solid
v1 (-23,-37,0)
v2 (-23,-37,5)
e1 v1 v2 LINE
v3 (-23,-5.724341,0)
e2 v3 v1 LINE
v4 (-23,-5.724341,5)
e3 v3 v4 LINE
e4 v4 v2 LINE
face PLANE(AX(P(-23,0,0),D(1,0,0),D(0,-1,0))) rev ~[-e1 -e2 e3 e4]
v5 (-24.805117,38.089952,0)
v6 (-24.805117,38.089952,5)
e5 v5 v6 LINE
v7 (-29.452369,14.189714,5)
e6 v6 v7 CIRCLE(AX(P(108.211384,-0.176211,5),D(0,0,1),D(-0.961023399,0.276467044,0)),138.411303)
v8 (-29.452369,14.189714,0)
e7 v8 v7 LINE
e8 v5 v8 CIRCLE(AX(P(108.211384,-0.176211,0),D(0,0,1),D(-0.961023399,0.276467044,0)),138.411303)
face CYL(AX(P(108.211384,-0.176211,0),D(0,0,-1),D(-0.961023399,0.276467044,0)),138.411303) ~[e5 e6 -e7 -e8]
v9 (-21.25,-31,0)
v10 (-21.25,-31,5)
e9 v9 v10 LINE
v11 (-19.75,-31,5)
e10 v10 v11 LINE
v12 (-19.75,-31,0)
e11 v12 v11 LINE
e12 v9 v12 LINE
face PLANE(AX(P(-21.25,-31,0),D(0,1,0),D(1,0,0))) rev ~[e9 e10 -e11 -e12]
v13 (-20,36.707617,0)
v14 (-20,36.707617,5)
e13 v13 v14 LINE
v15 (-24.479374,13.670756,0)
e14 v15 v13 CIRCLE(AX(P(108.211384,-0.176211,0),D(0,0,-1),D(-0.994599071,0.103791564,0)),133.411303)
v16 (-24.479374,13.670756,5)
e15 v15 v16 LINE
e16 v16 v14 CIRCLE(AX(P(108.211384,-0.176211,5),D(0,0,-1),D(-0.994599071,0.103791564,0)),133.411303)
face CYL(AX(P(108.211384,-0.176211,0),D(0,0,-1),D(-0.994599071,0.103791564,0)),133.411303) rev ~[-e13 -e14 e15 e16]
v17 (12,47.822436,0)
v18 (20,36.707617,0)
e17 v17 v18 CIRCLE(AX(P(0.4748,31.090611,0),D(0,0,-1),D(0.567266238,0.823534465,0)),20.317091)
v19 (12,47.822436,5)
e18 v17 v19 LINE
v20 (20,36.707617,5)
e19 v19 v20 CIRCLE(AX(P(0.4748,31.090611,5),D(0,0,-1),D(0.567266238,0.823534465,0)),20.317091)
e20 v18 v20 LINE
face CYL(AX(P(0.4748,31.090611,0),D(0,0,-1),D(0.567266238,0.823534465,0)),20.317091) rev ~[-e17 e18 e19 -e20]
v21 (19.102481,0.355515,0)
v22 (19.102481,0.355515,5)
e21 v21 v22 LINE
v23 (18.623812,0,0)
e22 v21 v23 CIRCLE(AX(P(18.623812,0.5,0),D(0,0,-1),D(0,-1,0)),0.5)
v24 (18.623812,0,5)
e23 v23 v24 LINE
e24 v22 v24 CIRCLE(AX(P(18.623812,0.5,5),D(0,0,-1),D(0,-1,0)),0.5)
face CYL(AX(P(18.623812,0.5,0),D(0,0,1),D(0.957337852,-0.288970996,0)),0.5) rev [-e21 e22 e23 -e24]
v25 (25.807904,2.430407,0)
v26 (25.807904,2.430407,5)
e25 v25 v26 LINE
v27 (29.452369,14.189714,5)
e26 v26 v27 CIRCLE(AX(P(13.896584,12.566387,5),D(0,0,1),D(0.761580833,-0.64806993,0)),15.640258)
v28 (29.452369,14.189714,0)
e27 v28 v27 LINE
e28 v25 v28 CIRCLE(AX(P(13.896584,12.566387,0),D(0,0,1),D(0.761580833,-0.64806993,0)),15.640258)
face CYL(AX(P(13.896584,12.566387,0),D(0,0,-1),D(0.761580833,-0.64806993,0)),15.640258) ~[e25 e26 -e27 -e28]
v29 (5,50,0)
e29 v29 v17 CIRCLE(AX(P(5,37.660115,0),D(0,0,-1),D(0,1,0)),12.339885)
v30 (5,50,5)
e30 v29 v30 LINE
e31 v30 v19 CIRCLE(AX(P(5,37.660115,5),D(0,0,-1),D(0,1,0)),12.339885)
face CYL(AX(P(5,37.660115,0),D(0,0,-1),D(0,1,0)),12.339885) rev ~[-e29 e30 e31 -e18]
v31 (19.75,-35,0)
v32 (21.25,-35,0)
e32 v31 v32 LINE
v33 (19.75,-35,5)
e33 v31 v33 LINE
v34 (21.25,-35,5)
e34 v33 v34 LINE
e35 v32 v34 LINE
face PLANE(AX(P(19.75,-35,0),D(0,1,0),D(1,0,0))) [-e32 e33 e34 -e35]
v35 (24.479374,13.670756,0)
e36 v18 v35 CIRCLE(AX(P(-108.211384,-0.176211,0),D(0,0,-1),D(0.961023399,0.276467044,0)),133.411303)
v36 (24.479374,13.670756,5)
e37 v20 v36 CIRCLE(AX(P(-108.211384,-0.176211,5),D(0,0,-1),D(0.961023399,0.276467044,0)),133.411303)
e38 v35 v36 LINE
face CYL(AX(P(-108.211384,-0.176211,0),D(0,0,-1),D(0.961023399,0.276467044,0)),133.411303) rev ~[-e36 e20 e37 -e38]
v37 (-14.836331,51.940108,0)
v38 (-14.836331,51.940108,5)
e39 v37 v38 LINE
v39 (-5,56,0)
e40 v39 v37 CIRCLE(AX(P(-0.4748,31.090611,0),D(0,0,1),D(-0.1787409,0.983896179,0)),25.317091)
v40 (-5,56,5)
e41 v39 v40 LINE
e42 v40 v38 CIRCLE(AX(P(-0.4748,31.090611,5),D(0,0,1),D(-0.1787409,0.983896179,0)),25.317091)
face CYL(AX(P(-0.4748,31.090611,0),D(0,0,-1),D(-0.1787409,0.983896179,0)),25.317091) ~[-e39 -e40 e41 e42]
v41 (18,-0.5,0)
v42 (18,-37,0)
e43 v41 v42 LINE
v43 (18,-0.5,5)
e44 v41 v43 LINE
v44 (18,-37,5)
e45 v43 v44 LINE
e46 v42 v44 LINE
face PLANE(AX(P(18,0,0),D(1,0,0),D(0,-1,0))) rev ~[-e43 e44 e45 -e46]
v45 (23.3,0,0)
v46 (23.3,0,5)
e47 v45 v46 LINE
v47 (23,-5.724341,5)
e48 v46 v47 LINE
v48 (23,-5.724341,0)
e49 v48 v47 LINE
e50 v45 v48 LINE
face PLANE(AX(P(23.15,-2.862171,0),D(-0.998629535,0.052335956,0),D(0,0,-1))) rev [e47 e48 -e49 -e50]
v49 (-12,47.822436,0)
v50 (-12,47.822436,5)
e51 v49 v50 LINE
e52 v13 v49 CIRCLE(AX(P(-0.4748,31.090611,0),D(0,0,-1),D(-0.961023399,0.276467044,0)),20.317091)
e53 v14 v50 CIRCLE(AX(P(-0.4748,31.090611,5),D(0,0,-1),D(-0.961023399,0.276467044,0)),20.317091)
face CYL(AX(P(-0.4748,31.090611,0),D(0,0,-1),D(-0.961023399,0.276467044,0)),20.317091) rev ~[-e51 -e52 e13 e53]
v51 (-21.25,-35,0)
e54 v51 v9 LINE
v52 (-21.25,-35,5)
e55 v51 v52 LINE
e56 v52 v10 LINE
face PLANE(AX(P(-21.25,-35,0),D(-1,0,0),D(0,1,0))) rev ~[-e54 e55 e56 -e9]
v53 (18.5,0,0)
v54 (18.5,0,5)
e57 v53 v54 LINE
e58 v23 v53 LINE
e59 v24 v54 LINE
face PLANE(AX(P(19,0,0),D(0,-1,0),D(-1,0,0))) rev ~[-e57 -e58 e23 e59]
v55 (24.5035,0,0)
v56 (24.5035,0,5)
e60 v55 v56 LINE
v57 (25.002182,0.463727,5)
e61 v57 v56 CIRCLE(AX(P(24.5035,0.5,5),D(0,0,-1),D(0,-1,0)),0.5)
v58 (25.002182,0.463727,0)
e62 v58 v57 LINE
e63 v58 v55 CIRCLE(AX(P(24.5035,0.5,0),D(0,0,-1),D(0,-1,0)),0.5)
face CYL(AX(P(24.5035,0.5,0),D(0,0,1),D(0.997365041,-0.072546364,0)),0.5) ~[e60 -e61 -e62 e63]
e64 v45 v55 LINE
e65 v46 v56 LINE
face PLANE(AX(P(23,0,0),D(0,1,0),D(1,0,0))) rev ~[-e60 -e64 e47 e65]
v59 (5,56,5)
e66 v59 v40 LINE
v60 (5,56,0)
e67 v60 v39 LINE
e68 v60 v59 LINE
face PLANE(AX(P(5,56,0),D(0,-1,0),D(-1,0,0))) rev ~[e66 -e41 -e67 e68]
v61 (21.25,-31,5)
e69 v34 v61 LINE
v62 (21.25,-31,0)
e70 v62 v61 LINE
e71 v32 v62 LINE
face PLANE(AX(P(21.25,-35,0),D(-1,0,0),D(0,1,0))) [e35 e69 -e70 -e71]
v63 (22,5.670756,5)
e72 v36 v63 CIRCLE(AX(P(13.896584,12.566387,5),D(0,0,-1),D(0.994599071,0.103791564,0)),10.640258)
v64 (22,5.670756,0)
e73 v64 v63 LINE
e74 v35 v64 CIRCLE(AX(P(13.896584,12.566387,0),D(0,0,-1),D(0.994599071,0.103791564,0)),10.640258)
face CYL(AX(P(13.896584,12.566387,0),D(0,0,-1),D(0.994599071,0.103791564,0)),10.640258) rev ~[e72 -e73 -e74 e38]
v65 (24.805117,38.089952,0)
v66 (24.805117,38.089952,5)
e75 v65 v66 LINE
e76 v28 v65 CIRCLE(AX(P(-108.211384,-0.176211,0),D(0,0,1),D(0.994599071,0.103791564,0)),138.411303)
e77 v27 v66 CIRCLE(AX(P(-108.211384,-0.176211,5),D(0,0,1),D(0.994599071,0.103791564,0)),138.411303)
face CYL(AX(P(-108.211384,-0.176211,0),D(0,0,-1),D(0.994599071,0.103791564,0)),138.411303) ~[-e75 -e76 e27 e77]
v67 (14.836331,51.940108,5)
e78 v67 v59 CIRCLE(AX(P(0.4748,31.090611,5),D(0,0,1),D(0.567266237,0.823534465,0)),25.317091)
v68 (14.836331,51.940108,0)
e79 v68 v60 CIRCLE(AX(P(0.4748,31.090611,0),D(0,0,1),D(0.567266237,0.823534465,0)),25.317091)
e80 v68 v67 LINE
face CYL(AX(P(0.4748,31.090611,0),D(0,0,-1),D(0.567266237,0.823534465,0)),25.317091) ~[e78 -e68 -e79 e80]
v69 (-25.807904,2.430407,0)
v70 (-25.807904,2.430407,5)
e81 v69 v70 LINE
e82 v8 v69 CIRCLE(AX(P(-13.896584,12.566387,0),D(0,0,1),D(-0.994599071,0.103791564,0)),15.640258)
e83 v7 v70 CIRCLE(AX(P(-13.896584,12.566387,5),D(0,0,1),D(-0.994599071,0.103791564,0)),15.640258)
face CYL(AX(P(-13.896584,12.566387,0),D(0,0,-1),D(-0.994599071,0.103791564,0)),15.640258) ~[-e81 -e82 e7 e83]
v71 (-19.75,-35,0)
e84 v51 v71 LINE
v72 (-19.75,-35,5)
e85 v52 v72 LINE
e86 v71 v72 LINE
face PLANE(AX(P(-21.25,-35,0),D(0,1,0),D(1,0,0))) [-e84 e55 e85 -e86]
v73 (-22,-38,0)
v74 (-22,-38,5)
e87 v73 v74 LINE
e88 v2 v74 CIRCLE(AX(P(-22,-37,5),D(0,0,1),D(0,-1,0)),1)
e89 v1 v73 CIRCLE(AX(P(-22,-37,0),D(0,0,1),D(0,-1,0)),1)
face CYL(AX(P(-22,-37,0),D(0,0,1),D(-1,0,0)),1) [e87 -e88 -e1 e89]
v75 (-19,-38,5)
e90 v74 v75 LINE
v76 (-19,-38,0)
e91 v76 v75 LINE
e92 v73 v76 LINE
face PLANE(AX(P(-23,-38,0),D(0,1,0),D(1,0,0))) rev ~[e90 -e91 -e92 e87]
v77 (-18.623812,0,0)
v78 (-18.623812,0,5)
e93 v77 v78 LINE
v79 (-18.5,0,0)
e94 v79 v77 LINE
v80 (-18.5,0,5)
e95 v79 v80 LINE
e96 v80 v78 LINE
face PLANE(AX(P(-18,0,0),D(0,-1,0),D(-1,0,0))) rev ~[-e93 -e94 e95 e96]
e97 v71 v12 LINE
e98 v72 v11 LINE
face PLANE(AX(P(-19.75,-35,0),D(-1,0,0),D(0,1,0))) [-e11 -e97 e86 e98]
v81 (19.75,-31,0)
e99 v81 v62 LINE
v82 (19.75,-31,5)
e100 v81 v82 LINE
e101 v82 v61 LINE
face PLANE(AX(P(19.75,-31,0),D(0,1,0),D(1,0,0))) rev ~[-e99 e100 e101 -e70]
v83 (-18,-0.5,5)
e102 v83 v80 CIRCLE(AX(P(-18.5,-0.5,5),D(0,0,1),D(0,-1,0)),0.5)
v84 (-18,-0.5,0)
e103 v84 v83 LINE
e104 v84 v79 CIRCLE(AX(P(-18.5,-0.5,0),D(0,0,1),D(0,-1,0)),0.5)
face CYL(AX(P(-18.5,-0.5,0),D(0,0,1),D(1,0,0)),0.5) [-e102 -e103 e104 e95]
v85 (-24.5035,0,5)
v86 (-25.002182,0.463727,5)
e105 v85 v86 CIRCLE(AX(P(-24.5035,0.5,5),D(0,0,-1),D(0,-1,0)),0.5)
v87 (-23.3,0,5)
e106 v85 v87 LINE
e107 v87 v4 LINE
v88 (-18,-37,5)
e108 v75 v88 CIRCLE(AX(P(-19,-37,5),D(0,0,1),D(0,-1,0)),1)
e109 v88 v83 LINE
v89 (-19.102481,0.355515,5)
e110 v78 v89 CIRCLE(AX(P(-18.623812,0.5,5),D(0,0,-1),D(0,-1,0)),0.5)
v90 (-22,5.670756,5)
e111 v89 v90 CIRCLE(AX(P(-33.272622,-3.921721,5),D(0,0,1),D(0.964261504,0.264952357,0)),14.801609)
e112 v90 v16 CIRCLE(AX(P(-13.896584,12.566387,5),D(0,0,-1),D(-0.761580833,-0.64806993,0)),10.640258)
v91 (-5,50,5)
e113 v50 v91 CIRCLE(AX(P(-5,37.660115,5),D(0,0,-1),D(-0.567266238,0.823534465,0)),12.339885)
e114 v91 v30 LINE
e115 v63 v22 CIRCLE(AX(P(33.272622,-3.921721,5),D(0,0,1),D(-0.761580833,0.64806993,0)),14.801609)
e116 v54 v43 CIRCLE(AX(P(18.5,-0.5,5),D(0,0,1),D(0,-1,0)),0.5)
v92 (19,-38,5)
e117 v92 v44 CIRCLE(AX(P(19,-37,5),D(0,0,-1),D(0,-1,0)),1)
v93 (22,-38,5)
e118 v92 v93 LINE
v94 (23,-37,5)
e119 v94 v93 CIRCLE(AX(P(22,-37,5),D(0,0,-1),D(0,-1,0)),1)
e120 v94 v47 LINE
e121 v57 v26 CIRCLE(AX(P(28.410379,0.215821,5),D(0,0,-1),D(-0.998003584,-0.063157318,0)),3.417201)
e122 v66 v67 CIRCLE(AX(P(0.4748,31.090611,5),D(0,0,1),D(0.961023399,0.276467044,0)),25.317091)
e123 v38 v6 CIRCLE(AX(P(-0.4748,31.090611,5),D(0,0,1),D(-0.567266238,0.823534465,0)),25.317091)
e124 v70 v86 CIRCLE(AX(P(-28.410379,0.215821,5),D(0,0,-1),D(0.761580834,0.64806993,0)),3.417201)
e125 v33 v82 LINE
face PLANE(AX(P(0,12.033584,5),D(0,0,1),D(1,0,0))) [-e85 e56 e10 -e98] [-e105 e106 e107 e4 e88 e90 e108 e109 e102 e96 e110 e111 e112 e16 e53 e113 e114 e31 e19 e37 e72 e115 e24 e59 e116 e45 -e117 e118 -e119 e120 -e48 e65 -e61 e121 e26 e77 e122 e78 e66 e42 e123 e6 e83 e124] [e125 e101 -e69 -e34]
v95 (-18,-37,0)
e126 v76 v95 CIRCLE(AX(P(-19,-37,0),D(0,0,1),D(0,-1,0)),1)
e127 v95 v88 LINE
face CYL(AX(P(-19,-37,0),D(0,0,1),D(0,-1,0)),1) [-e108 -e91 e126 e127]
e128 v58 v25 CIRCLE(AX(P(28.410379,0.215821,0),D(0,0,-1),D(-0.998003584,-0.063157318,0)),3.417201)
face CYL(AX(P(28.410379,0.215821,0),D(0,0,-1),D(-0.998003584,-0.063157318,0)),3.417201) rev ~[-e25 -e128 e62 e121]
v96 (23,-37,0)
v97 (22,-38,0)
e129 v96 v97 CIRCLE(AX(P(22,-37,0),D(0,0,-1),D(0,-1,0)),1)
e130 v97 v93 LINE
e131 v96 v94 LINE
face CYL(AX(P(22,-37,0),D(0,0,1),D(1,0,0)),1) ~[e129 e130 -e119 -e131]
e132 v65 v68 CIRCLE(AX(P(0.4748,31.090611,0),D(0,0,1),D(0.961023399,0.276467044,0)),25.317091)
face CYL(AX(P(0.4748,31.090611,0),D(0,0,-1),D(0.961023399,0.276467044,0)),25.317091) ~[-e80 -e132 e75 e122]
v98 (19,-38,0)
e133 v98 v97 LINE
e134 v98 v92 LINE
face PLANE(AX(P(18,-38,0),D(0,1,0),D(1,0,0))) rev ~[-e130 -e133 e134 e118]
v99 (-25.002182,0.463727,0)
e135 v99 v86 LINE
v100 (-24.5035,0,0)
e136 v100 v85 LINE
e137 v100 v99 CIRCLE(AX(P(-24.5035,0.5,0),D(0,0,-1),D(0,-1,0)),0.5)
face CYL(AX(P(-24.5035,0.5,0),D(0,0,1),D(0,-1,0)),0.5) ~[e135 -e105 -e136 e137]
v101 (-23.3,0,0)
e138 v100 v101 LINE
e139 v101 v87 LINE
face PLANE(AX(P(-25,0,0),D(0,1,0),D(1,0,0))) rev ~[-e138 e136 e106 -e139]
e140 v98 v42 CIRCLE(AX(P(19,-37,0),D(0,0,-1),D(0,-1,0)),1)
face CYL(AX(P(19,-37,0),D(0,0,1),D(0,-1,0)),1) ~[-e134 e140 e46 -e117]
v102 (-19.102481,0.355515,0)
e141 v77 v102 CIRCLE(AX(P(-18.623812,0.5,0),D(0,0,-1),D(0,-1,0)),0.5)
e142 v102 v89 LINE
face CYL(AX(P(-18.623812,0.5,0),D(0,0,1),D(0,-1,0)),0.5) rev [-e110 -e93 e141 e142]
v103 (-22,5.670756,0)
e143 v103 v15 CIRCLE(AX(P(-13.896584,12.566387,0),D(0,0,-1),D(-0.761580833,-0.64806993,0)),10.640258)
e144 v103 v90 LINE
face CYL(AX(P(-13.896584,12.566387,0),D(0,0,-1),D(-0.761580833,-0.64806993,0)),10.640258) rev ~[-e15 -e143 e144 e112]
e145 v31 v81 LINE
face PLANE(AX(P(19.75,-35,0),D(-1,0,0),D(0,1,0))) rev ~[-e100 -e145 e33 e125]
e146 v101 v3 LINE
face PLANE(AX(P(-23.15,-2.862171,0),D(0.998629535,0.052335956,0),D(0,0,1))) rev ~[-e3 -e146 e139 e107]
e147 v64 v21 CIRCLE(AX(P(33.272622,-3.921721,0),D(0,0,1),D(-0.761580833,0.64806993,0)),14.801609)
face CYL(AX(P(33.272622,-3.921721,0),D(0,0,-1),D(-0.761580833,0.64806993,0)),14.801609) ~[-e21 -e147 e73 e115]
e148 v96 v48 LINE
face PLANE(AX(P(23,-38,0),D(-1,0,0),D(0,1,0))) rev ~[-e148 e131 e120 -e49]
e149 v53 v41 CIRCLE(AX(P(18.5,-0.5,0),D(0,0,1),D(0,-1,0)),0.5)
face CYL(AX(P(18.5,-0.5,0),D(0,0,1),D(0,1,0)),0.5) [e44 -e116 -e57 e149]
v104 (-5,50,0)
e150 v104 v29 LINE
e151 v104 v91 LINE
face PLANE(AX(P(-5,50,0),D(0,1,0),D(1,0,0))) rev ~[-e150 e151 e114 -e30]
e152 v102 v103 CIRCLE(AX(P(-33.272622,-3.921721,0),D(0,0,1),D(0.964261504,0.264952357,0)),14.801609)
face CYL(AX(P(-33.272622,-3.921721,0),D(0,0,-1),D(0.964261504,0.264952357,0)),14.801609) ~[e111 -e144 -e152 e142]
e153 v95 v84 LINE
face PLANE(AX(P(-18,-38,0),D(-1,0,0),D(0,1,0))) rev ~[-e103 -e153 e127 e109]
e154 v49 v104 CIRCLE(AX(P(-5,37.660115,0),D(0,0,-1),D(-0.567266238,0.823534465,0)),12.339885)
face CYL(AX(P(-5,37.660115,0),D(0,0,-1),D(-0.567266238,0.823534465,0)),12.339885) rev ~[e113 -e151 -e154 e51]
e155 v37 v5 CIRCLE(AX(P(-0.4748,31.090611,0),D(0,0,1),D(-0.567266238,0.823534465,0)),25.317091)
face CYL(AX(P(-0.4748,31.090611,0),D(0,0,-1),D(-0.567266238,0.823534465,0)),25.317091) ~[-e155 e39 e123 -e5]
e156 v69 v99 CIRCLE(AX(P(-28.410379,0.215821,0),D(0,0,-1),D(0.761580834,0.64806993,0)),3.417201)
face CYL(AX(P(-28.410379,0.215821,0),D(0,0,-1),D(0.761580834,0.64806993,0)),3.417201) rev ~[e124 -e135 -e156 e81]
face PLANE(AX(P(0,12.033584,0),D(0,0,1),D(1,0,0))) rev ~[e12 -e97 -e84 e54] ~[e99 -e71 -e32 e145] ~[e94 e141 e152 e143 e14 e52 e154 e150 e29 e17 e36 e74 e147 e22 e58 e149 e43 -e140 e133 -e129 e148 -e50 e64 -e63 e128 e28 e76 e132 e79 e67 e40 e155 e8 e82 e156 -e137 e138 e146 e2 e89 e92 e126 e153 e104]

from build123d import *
from OCP.BRepFilletAPI import BRepFilletAPI_MakeChamfer

# Parameters (mm, degrees)
SKETCH1_W           = 1.5
SKETCH1_H           = 4
BOSS_EXTRUDE2_DEPTH = 5
FILLET1_R           = 0.5
CHAMFER1_SIZE       = 0.3
CHAMFER1_SIZE2      = 5.724341006
FILLET2_R           = 1


with BuildPart() as part:
    # Sketch1 → Boss-Extrude2 (new body)
    with BuildSketch(Plane.XY):
        with BuildLine():
            Line((-23, 0), (-23, -38))
            Line((-23, -38), (-18, -38))
            Line((-18, -38), (-18, 0))
            Line((-18, 0), (-19, 0))
            ThreePointArc((-19, 0), (-20.189073449, 2.999867677), (-22, 5.670756438))
            ThreePointArc((-22, 5.670756438), (-24.059928624, 9.416545723), (-24.479374077, 13.670756438))
            ThreePointArc((-24.479374077, 13.670756438), (-22.747220808, 25.287873584), (-20, 36.707617169))
            ThreePointArc((-20, 36.707617169), (-16.964694879, 42.959375039), (-12, 47.822435639))
            ThreePointArc((-12, 47.822435639), (-8.665439487, 49.443039718), (-5, 50))
            Line((-5, 50), (0, 50))
            Line((0, 50), (5, 50))
            ThreePointArc((5, 50), (8.665439487, 49.443039718), (12, 47.822435639))
            ThreePointArc((12, 47.822435639), (16.964694879, 42.959375039), (20, 36.707617169))
            ThreePointArc((20, 36.707617169), (22.747220808, 25.287873584), (24.479374077, 13.670756438))
            ThreePointArc((24.479374077, 13.670756438), (24.059928624, 9.416545723), (22, 5.670756438))
            ThreePointArc((22, 5.670756438), (20.189073449, 2.999867677), (19, 0))
            Line((19, 0), (18, 0))
            Line((18, 0), (18, -38))
            Line((18, -38), (23, -38))
            Line((23, -38), (23, 0))
            Line((23, 0), (25, 0))
            ThreePointArc((25, 0), (25.167645284, 1.293755366), (25.807904166, 2.430406787))
            ThreePointArc((25.807904166, 2.430406787), (28.835820924, 7.936392778), (29.45236943, 14.189714259))
            ThreePointArc((29.45236943, 14.189714259), (27.655298376, 26.242218695), (24.805116996, 38.089952388))
            ThreePointArc((24.805116996, 38.089952388), (21.022828669, 45.88025678), (14.836331188, 51.940107967))
            ThreePointArc((14.836331188, 51.940107967), (10.13388043, 54.492689205), (5, 56))
            Line((5, 56), (-5, 56))
            ThreePointArc((-5, 56), (-10.13388043, 54.492689205), (-14.836331188, 51.940107967))
            ThreePointArc((-14.836331188, 51.940107967), (-21.022828669, 45.88025678), (-24.805116996, 38.089952388))
            ThreePointArc((-24.805116996, 38.089952388), (-27.655298376, 26.242218695), (-29.45236943, 14.189714259))
            ThreePointArc((-29.45236943, 14.189714259), (-28.835820924, 7.936392778), (-25.807904166, 2.430406787))
            ThreePointArc((-25.807904166, 2.430406787), (-25.167645284, 1.293755366), (-25, 0))
            Line((-25, 0), (-23, 0))
        make_face()
        with Locations((-20.5, -33)):
            Rectangle(SKETCH1_W, SKETCH1_H, mode=Mode.SUBTRACT)
        with Locations((20.5, -33)):
            Rectangle(SKETCH1_W, SKETCH1_H, mode=Mode.SUBTRACT)
    extrude(amount=BOSS_EXTRUDE2_DEPTH)

    # Fillet1
    fillet1_edges = [part.edges().sort_by_distance(p)[0] for p in [
        (-25, 0, 2.5),
        (25, 0, 2.5),
        (18, 0, 2.5),
        (19, 0, 2.5),
        (-19, 0, 2.5),
        (-18, 0, 2.5),
    ]]
    fillet(fillet1_edges, radius=FILLET1_R)

    # Chamfer1: one chamfer whose edges measure the first distance from different faces: ONE call of the kernel's chamfer builder (chamfer() names one face for all edges)
    chamfer1_edges_1 = [part.edges().sort_by_distance(p)[0] for p in [
        (-23, 0, 2.5),
    ]]
    chamfer1_side_1 = [part.faces().sort_by_distance(p)[0] for p in [
        (-23.751749754, 0, 2.5),
    ]]
    chamfer1_edges_2 = [part.edges().sort_by_distance(p)[0] for p in [
        (23, 0, 2.5),
    ]]
    chamfer1_side_2 = [part.faces().sort_by_distance(p)[0] for p in [
        (23.751749754, 0, 2.5),
    ]]
    chamfer1 = BRepFilletAPI_MakeChamfer(part.part.solid().wrapped)
    for e in chamfer1_edges_1:
        chamfer1.Add(CHAMFER1_SIZE, CHAMFER1_SIZE2, e.wrapped, chamfer1_side_1[0].wrapped)  # the first distance lies on this face
    for e in chamfer1_edges_2:
        chamfer1.Add(CHAMFER1_SIZE, CHAMFER1_SIZE2, e.wrapped, chamfer1_side_2[0].wrapped)  # the first distance lies on this face
    add(Compound.cast(chamfer1.Shape()), mode=Mode.REPLACE)

    # Fillet2
    fillet2_edges = [part.edges().sort_by_distance(p)[0] for p in [
        (-18, -38, 2.5),
        (-23, -38, 2.5),
        (23, -38, 2.5),
        (18, -38, 2.5),
    ]]
    fillet(fillet2_edges, radius=FILLET2_R)


solid = part.part
